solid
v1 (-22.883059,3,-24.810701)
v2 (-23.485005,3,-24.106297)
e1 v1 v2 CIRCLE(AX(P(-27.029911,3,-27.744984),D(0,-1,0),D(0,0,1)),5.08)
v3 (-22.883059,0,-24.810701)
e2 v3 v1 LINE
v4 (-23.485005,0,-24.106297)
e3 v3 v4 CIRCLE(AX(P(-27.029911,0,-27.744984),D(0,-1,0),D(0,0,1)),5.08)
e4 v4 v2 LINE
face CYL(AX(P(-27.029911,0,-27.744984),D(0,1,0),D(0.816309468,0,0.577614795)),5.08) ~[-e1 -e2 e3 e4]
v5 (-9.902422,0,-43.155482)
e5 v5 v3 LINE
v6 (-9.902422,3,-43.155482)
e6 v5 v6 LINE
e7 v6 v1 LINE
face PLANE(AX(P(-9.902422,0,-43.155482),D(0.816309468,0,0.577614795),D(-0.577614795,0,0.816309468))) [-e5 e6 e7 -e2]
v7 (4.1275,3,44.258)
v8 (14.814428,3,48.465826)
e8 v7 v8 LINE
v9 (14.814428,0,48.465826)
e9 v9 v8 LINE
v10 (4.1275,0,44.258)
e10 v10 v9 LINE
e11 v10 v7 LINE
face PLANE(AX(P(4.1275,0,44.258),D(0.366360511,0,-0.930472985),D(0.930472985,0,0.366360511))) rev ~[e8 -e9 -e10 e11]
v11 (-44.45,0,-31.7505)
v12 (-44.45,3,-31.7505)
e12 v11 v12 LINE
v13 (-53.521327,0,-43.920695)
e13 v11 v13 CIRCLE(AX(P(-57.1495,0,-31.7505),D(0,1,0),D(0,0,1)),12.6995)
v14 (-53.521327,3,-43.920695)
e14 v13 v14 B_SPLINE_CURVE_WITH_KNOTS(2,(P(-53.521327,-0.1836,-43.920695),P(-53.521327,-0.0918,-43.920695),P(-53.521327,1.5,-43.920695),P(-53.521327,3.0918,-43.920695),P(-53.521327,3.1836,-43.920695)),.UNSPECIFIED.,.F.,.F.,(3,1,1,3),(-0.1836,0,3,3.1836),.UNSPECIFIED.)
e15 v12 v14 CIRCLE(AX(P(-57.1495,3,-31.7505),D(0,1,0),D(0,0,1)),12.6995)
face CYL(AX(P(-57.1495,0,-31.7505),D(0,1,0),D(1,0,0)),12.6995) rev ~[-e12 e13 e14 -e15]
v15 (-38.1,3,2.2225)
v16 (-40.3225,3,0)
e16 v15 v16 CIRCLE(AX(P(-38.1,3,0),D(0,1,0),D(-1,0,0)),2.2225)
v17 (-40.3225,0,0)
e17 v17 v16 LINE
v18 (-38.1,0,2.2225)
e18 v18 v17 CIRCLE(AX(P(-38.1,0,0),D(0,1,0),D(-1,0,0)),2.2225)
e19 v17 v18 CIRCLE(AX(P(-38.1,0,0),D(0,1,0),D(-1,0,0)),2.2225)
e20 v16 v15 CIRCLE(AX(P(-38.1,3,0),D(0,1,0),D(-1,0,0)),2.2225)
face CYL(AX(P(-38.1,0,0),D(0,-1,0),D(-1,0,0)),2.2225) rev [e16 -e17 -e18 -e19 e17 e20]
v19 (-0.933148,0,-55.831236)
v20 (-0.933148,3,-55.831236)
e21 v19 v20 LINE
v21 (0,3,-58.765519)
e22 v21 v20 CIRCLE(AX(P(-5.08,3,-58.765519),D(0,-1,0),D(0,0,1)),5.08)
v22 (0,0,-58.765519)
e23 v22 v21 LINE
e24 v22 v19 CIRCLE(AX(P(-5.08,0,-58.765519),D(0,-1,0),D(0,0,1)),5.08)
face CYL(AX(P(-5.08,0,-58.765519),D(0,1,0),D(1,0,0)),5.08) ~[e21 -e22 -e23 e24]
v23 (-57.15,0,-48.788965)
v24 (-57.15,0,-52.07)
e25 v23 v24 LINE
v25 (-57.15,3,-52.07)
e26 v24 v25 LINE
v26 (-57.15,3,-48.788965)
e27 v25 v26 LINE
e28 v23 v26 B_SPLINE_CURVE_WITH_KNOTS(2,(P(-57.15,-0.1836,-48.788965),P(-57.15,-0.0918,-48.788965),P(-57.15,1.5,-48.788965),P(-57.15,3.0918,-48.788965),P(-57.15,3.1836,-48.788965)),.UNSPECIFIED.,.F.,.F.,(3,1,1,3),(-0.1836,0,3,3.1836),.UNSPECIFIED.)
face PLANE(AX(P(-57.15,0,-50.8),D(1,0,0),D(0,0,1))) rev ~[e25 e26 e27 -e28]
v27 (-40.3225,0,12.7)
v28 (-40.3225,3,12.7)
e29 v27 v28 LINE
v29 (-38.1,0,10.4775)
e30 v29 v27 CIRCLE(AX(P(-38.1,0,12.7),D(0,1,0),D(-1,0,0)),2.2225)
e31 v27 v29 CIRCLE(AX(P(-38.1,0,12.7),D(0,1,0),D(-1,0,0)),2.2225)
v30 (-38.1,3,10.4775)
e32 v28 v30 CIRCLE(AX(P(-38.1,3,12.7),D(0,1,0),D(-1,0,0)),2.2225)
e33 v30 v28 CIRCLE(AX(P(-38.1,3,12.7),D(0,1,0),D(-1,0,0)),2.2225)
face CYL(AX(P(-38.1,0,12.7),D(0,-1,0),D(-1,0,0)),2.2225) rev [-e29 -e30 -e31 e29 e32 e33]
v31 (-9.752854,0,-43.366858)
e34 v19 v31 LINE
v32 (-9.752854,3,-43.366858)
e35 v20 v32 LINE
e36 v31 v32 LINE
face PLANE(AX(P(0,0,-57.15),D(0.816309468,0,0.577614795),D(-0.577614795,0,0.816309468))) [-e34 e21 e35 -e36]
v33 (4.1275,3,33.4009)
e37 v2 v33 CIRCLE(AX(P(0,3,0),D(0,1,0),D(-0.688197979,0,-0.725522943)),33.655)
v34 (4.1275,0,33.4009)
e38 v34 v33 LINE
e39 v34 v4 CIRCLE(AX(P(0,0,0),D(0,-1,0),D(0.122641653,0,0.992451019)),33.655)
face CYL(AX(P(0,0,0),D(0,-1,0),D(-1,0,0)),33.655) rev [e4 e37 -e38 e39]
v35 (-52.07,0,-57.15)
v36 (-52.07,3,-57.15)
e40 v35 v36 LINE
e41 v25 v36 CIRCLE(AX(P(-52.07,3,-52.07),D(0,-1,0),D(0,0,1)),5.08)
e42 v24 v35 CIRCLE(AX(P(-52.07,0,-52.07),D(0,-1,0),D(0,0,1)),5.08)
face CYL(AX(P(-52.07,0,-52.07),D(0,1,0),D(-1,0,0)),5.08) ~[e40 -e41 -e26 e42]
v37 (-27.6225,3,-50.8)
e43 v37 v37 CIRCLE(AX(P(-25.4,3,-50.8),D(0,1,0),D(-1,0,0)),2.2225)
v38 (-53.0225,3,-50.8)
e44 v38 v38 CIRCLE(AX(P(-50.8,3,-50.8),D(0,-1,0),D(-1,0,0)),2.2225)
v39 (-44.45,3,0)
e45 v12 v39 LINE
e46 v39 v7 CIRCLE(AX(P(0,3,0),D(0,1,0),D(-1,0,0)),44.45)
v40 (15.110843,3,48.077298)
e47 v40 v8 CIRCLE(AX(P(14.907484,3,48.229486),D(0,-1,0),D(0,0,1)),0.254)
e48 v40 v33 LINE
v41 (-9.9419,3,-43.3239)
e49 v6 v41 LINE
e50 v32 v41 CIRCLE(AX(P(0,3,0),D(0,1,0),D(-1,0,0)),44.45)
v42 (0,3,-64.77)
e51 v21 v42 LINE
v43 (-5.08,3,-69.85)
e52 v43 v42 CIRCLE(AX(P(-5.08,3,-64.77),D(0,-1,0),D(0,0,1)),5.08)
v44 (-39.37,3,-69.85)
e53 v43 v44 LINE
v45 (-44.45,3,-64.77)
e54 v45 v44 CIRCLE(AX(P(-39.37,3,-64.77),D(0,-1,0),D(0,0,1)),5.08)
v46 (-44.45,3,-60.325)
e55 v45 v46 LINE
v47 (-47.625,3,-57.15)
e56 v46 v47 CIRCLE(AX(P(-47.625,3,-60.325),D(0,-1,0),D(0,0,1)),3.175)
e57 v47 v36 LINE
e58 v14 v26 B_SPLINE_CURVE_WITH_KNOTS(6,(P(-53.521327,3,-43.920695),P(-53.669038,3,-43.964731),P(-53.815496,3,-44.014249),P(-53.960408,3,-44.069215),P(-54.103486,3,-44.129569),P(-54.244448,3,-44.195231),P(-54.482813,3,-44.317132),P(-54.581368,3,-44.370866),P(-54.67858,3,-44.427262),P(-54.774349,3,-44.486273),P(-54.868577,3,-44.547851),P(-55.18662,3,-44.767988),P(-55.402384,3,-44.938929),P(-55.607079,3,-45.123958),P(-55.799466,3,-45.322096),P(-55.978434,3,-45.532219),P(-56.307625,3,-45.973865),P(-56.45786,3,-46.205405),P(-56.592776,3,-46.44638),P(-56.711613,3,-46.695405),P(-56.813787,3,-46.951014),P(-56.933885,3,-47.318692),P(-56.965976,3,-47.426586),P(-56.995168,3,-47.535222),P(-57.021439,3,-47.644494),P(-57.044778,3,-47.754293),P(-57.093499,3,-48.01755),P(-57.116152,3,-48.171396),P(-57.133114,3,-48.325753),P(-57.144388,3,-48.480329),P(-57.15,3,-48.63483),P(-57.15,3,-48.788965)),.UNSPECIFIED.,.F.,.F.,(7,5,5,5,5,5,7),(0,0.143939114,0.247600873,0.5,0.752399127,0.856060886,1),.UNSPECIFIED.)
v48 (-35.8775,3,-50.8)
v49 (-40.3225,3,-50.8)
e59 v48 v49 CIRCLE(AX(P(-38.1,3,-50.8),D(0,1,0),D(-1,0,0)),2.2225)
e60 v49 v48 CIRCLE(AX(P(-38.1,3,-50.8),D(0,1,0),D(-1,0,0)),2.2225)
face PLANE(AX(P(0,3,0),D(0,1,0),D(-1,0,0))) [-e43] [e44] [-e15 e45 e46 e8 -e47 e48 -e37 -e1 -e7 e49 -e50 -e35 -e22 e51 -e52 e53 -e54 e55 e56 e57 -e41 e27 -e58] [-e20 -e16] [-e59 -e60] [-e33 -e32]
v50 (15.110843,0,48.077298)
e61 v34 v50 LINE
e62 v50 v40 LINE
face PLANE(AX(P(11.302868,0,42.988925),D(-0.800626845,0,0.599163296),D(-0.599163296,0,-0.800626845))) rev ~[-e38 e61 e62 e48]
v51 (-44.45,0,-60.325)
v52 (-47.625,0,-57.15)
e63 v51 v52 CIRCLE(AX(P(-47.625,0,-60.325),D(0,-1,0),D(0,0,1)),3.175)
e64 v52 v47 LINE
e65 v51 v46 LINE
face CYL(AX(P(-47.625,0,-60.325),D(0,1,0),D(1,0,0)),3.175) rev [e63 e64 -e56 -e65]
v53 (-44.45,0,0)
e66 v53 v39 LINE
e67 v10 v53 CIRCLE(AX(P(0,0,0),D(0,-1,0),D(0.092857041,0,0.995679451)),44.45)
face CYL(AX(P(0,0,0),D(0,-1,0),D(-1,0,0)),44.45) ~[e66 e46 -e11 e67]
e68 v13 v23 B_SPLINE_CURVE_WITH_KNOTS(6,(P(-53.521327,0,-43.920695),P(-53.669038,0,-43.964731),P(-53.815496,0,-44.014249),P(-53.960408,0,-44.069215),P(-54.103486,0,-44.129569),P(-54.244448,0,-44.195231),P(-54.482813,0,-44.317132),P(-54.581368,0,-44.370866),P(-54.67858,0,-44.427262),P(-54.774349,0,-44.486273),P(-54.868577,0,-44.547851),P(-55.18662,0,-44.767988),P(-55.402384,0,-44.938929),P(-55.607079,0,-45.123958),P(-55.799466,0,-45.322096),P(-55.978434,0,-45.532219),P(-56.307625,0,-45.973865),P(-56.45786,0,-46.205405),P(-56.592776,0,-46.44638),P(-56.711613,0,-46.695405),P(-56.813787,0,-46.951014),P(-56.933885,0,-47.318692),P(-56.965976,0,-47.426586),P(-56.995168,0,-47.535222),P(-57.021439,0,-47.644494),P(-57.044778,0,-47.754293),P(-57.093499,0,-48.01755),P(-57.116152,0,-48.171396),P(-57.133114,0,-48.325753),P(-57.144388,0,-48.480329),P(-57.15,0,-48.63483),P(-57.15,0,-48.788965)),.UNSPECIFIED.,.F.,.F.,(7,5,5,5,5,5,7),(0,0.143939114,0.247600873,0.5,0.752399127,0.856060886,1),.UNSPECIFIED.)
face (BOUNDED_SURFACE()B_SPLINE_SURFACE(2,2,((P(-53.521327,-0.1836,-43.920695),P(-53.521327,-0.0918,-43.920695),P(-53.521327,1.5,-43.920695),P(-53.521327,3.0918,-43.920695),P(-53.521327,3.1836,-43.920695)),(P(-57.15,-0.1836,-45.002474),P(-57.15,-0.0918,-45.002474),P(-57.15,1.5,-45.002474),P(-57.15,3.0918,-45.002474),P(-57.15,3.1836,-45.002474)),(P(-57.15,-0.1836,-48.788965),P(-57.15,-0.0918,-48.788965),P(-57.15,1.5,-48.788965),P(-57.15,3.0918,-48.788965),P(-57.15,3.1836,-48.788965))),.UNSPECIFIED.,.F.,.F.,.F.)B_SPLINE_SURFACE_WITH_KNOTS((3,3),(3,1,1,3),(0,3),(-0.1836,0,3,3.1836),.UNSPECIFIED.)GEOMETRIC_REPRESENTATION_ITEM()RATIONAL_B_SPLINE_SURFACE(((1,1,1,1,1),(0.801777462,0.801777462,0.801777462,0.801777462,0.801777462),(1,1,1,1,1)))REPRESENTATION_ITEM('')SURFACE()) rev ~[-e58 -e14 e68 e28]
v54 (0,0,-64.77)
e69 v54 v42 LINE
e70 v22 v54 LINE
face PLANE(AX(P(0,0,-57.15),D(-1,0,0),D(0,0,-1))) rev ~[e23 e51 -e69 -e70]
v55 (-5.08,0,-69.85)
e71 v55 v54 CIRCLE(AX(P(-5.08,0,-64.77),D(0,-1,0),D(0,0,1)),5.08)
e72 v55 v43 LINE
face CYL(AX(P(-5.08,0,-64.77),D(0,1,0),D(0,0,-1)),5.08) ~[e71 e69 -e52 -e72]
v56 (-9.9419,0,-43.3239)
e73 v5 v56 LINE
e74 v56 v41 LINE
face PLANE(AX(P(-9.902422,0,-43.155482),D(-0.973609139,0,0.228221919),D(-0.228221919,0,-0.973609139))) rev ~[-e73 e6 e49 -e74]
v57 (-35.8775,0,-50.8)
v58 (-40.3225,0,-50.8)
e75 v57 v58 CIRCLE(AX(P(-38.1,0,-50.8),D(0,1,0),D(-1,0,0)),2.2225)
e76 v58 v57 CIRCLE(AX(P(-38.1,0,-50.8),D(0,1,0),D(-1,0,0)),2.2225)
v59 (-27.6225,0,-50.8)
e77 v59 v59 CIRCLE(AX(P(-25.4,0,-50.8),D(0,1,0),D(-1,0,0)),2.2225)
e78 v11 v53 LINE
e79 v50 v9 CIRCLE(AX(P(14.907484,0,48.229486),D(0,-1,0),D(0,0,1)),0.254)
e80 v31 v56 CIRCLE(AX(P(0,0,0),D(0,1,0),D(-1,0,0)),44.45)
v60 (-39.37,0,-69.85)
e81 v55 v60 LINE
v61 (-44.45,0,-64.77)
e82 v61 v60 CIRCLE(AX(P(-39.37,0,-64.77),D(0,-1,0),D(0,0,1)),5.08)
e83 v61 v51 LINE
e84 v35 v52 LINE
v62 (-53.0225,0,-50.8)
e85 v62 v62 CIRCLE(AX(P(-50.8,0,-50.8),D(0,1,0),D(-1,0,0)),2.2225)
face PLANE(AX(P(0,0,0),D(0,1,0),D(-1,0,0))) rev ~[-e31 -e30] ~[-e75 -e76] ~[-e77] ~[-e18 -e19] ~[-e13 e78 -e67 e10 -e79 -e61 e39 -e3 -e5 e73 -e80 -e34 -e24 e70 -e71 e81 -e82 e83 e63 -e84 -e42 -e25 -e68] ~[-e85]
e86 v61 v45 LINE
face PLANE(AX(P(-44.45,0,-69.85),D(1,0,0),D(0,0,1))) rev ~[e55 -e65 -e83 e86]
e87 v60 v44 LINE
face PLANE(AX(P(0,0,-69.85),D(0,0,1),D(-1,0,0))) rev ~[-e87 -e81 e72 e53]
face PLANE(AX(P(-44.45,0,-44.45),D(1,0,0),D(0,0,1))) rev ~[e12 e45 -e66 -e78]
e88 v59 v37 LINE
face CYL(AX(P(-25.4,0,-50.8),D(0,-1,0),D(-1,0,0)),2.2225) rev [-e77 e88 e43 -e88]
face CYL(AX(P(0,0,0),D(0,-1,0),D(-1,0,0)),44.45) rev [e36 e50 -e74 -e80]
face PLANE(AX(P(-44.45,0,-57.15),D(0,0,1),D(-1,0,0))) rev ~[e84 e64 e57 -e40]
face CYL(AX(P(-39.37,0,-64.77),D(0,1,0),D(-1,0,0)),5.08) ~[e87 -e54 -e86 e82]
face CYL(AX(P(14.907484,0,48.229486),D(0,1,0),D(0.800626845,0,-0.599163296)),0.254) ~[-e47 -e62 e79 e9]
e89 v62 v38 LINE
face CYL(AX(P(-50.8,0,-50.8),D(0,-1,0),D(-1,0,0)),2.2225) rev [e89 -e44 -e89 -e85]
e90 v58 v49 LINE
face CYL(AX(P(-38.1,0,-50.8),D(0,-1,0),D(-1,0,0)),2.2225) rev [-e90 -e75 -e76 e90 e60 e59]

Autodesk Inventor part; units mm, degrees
ref_plane "YZ Plane" through (0, 0, 0) normal (1, 0, 0) x (0, 1, 0)
ref_plane "XZ Plane" through (0, 0, 0) normal (0, 1, 0) x (-1, 0, 0)
ref_plane "XY Plane" through (0, 0, 0) normal (0, 0, 1) x (1, 0, 0)
sketch "Sketch1" plane through (0, 0, 0) normal (0, 1, 0) x (-1, 0, 0)
  circle A0 centre (0, 0) radius 33.655
  circle A1 centre (0, 0) radius 44.45
  line L0 (0, 44.45) -> (0, 33.655)
  line L1 (7.4782, -32.8136) -> (9.9419, -43.3239)
  line L2 (0, -44.45) -> (44.45, 0)
  line L3 (0, -44.45) -> (0, -69.85)
  line L4 (0, -69.85) -> (38.1, -69.85) construction
  line L5 (-4.1275, 44.258) -> (-4.1275, 33.4009)
  line L6 (-4.1275, 44.258) -> (-15.6469, 48.7936)
  line L7 (-15.6469, 48.7936) -> (-4.1275, 33.4009)
  line L8 (0, -69.85) -> (44.45, -69.85)
  line L9 (44.45, -69.85) -> (44.45, 0)
  line L10 (44.45, -69.85) -> (69.85, -69.85)
  line L11 (69.85, -69.85) -> (69.85, -44.45)
  line L12 (69.85, -44.45) -> (44.45, -44.45)
  line L13 (69.85, -44.45) -> (69.85, -50.8)
  line L14 (69.85, -50.8) -> (63.5, -50.8)
  circle A2 centre (63.5, -50.8) radius 2.2225
  line L15 (63.5, -50.8) -> (50.8, -50.8)
  circle A3 centre (50.8, -50.8) radius 2.2225
  line L16 (50.8, -50.8) -> (50.8, -63.5)
  circle A4 centre (50.8, -63.5) radius 2.2225
  line L17 (50.8, -63.5) -> (63.5, -63.5)
  circle A5 centre (63.5, -63.5) radius 2.2225
  line L18 (44.45, 0) -> (38.1, 0)
  circle A6 centre (38.1, 0) radius 2.2225
  line L19 (38.1, 0) -> (38.1, 12.7)
  circle A7 centre (38.1, 12.7) radius 2.2225
  line L20 (57.15, -69.85) -> (57.15, -44.45)
  line L21 (0, -57.15) -> (30.7326, -13.7174)
  line L22 (0, -57.15) -> (69.85, -57.15)
  line L23 (50.8, -50.8) -> (38.1, -50.8)
  circle A8 centre (38.1, -50.8) radius 2.2225
  line L24 (38.1, -50.8) -> (25.4, -50.8)
  circle A9 centre (25.4, -50.8) radius 2.2225
  point P0 (13.7174, -30.7326)
  point P1 (30.7326, -13.7174)
  point P2 (-11.3028, 42.9889)
  point P3 (23.1613, -24.4175)
  point P4 (9.9025, -43.1554)
  point P5 (9.7529, -43.3669)
  point P6 (57.15, -57.15)
  point P7 (44.45, -57.15)
  dimension "d0" = 67.31
  dimension "d1" = 88.9
  dimension "d23" = 44.45
  dimension "d24" = 6.35
  dimension "d25" = 6.35
  dimension "d26" = 4.445
  dimension "d27" = 12.7
  dimension "d28" = 4.445
  dimension "d29" = 12.7
  dimension "d30" = 4.445
  dimension "d31" = 12.7
  dimension "d32" = 4.445
  dimension "d35" = 6.35
  dimension "d36" = 4.445
  dimension "d37" = 12.7
  dimension "d38" = 4.445
  dimension "d47" = 12.7
  dimension "d48" = 4.445
  dimension "d49" = 12.7
  dimension "d50" = 4.445
extrude "Extrusion1" add sketch "Sketch1" along normal blind 3 contours A0 L0 A1 L2 | A0 L5 A1 L0 | L2 A1 L1 L21 A0 | L7 A1 L5 | L9 L22 L21 A1 | A1 L7 L6 | L12 L20 L15 A3 L23 L9 | L23 A3 L16 L22 L9 | L22 L9 L8 L3 | L20 L22 L16 A3 L15
sketch "Sketch3" plane through (0, 3, 0) normal (0, 1, 0) x (1, 0, 0)
  point P0 (0, 0)
fillet "Fillet3" radius 0.254 1 edges at (15.6469, 1.5, 48.7936)
fillet "Fillet5" radius 12.7 1 edges at (-44.45, 1.5, -44.45)
sketch "Sketch4" plane through (0, 3, 0) normal (0, 1, 0) x (1, 0, 0)
  point P0 (0, 0)
fillet "Fillet9" radius 5.08 1 edges at (0, 1.5, -69.85)
fillet "Fillet10" radius 5.08 1 edges at (0, 1.5, -57.15)
fillet "Fillet11" radius 5.08 1 edges at (-23.1613, 1.5, -24.4175)
fillet "Fillet12" radius 5.08 2 edges at (-57.1495, 1.5, -44.45) (-57.15, 1.5, -44.45)
fillet "Fillet14" radius 5.08 1 edges at (-57.15, 1.5, -57.15)
fillet "Fillet15" radius 5.08 1 edges at (-44.45, 1.5, -69.85)
fillet "Fillet16" radius 3.175 1 edges at (-44.45, 1.5, -57.15)
properties part number "Climb hook_3DPrint"
